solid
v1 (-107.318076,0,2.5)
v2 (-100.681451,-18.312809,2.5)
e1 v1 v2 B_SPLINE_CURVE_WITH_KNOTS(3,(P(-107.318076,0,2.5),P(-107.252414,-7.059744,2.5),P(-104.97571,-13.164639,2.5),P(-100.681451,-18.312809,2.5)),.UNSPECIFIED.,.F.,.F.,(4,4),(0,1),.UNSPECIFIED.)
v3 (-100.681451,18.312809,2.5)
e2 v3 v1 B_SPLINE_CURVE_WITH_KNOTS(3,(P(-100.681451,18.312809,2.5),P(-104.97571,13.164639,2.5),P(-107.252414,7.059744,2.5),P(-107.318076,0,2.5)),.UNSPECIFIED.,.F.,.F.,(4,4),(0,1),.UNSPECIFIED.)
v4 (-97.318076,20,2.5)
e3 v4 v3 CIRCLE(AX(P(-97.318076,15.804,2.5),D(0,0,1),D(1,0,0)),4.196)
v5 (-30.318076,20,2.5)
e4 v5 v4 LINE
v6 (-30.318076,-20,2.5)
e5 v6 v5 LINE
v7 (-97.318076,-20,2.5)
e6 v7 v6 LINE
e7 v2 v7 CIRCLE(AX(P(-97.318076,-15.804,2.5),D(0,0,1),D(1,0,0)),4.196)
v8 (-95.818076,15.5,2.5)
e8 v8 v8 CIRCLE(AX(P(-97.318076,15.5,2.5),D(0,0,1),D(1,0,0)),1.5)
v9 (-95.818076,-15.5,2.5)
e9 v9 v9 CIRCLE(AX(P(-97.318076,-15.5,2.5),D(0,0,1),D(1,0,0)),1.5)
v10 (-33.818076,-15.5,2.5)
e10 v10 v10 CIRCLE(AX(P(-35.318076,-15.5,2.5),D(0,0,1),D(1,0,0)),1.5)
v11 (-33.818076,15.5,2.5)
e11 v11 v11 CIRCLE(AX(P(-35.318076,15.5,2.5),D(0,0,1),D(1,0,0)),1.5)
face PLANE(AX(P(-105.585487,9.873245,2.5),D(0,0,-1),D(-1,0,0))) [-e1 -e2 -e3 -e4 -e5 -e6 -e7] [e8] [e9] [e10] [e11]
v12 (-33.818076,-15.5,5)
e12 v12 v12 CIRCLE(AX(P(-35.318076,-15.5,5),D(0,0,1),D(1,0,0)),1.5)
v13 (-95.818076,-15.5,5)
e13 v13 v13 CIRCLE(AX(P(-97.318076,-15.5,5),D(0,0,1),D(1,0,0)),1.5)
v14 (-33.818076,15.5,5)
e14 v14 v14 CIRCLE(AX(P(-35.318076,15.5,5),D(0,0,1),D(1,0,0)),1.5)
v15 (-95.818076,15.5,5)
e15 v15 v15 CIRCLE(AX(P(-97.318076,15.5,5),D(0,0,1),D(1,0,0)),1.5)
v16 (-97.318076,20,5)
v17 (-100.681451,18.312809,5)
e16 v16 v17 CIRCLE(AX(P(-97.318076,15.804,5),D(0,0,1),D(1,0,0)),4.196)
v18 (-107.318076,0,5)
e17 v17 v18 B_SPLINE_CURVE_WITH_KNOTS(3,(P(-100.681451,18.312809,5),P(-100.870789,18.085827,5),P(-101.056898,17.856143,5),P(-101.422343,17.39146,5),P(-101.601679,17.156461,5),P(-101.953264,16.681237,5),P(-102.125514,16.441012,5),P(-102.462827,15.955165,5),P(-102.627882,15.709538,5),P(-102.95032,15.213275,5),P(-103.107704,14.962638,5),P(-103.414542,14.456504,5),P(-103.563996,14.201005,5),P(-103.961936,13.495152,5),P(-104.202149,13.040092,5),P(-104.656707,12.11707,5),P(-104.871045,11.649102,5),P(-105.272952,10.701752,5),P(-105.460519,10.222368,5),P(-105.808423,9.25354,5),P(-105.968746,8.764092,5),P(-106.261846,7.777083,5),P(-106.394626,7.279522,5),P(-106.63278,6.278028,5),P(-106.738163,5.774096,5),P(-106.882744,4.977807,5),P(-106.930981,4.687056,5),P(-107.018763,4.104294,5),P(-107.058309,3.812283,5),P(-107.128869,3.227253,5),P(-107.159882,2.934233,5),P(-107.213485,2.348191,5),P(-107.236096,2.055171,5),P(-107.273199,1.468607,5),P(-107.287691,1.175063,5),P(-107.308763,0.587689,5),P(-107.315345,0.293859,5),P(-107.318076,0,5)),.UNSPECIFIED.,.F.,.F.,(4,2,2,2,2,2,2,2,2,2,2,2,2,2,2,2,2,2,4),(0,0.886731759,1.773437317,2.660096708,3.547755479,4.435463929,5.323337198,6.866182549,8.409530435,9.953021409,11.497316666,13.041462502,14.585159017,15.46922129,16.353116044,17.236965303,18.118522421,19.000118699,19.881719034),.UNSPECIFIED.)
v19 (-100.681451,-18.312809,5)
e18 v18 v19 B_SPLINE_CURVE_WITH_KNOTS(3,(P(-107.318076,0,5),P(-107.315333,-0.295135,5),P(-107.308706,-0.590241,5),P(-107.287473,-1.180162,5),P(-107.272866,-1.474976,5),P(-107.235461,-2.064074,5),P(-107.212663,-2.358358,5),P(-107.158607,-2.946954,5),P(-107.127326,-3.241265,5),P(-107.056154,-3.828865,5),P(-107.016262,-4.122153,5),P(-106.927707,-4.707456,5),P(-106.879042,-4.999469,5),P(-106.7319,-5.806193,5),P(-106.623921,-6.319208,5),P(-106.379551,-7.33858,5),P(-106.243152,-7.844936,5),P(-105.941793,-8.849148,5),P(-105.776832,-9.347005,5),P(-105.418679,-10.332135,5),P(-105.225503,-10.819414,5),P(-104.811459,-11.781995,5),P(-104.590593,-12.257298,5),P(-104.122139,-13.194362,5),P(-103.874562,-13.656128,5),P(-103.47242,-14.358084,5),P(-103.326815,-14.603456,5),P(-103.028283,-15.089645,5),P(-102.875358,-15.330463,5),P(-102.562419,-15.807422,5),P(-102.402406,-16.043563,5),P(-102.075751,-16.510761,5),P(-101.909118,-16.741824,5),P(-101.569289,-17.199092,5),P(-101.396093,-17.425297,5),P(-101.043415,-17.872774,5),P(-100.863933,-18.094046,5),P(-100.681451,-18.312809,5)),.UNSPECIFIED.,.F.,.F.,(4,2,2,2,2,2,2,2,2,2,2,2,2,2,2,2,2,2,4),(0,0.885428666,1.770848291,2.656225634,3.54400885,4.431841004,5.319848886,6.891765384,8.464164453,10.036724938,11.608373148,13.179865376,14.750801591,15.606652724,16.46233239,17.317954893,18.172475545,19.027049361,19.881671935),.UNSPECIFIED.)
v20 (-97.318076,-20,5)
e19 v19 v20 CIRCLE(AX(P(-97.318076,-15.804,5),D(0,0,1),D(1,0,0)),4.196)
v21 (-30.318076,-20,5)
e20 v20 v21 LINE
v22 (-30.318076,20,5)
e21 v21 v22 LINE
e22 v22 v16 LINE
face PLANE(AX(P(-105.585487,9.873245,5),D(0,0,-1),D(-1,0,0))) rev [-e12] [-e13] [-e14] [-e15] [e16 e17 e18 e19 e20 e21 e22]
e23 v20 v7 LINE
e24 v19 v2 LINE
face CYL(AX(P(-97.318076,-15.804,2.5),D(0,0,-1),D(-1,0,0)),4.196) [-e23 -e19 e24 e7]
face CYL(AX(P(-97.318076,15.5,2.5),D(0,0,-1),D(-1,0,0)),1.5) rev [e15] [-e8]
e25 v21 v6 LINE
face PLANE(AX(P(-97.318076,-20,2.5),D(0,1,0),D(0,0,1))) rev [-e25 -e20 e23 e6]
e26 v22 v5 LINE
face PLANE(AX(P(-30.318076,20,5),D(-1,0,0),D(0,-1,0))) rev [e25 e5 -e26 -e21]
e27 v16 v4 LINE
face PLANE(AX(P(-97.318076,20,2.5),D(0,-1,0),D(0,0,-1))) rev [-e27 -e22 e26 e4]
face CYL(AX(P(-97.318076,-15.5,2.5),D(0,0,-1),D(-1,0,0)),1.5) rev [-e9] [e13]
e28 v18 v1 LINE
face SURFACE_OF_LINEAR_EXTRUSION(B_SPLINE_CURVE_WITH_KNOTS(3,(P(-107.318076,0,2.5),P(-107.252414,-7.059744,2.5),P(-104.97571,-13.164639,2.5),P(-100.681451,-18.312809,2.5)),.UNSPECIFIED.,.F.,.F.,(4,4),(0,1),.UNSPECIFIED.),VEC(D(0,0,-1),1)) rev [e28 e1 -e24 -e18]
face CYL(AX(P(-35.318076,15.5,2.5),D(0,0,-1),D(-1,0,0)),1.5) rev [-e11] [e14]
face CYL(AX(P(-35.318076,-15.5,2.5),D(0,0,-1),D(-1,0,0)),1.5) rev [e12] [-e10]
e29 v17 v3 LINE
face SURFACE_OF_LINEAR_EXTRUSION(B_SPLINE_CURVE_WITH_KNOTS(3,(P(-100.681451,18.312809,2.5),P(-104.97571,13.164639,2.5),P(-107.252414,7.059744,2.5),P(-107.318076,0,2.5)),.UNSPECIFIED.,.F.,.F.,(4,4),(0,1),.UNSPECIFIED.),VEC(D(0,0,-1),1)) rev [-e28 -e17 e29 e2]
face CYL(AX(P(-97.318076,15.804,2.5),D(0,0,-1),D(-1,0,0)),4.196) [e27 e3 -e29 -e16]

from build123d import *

# Parameters (mm, degrees)
CROQUIS1_R              = 2.25
CROQUIS1_R_2            = 3
CROQUIS1_R_3            = 1.5
CROQUIS1_R_4            = 2.249997567
SALIENTE_EXTRUIR1_DEPTH = 2.5
CROQUIS2_R              = 1.5
SALIENTE_EXTRUIR2_DEPTH = 2.5
CORTAR_EXTRUIR3_START   = -2.5
CROQUIS3_W              = 193.648563709
CROQUIS3_H              = 122.889896528
CORTAR_EXTRUIR3_DEPTH   = 2.5


with BuildPart() as part:
    # Croquis1 → Saliente-Extruir1 (new body)
    with BuildSketch(Plane.XY):
        with BuildLine():
            Line((-29.502526327, -44.949972179), (-23.17778065, -37.243838032))
            ThreePointArc((-23.17778065, -37.243838032), (-18.839723212, -32.444384768), (-14.046056443, -28.099933953))
            ThreePointArc((-14.046056443, -28.099933953), (-12.991422185, -27.658257217), (-11.867164621, -27.866527921))
            ThreePointArc((-11.867164621, -27.866527921), (-11.203313373, -28.112469078), (-10.500314, -28.196))
            Line((-10.500314, -28.196), (10.499686, -28.196))
            ThreePointArc((10.499686, -28.196), (11.203007921, -28.112542722), (11.867164264, -27.866528101))
            ThreePointArc((11.867164264, -27.866528101), (12.991422421, -27.658256674), (14.046057406, -28.099933523))
            ThreePointArc((14.046057406, -28.099933523), (18.839775902, -32.444337151), (23.177889012, -37.243749049))
            Line((23.177889012, -37.243749049), (29.502526012, -44.949972049))
            ThreePointArc((29.502526012, -44.949972049), (40.113877497, -46.255199126), (41.931739547, -35.719556022))
            Line((41.931739547, -35.719556022), (21.72923101, -5.566101046))
            ThreePointArc((21.72923101, -5.566101046), (20.036969431, -9.5e-08), (21.729230693, 5.566100954))
            Line((21.729230693, 5.566100954), (41.931739693, 35.719555954))
            ThreePointArc((41.931739693, 35.719555954), (40.113877277, 46.255198335), (29.502526336, 44.949972165))
            Line((29.502526336, 44.949972165), (23.17778065, 37.243838007))
            ThreePointArc((23.17778065, 37.243838007), (18.839723212, 32.444384742), (14.046056443, 28.099933927))
            ThreePointArc((14.046056443, 28.099933927), (12.991421988, 27.658257139), (11.867164252, 27.866528027))
            ThreePointArc((11.867164252, 27.866528027), (11.203313175, 28.112469073), (10.500314, 28.195999974))
            Line((10.500314, 28.195999974), (-10.500314, 28.195999974))
            ThreePointArc((-10.500314, 28.195999974), (-11.203313178, 28.112469098), (-11.867164264, 27.866528075))
            ThreePointArc((-11.867164264, 27.866528075), (-12.991422421, 27.658256648), (-14.046057406, 28.099933497))
            ThreePointArc((-14.046057406, 28.099933497), (-18.839775902, 32.444337126), (-23.177889012, 37.243749023))
            Line((-23.177889012, 37.243749023), (-29.502526012, 44.949972023))
            ThreePointArc((-29.502526012, 44.949972023), (-40.146302424, 46.230987494), (-41.886340556, 35.652554517))
            ThreePointArc((-41.886340556, 35.652554517), (-41.288874902, 25.337679941), (-50.13550001, 20.000000021))
            Line((-50.13550001, 20.000000021), (-97.31807601, 20.000000021))
            ThreePointArc((-97.31807601, 20.000000021), (-99.1994919, 19.554558541), (-100.681450855, 18.312809163))
            add(Edge.make_bspline(
                [(-107.31807554, 2.1e-08), (-107.252414123, 7.059743944), (-104.975710329, 13.164639039), (-100.681450855, 18.312809163)],
                knots=[0, 0, 0, 0, 1, 1, 1, 1], degree=3))
            add(Edge.make_bspline(
                [(-107.31807554, 2.1e-08), (-107.252414123, -7.059743902), (-104.975710329, -13.164638997), (-100.681450855, -18.312809121)],
                knots=[0, 0, 0, 0, 1, 1, 1, 1], degree=3))
            ThreePointArc((-100.681450855, -18.312809121), (-99.19949186, -19.554558345), (-97.31807601, -19.9999997))
            Line((-97.31807601, -19.9999997), (-50.13550001, -19.9999997))
            ThreePointArc((-50.13550001, -19.9999997), (-41.288874902, -25.33767962), (-41.886340556, -35.652554196))
            ThreePointArc((-41.886340556, -35.652554196), (-40.146302646, -46.230987042), (-29.502526327, -44.949972179))
        make_face()
        with Locations((-25.371621, 27.641642)):
            Circle(CROQUIS1_R, mode=Mode.SUBTRACT)
        with Locations((-35.493242035, 40.033284004)):
            Circle(CROQUIS1_R, mode=Mode.SUBTRACT)
        with Locations((-35.49324201, -40.0332837)):
            Circle(CROQUIS1_R, mode=Mode.SUBTRACT)
        with Locations((15.25, -15.25)):
            Circle(CROQUIS1_R_2, mode=Mode.SUBTRACT)
        with Locations((35.493242035, -40.03328403)):
            Circle(CROQUIS1_R, mode=Mode.SUBTRACT)
        with Locations((-15.25, 15.25)):
            Circle(CROQUIS1_R_2, mode=Mode.SUBTRACT)
        with Locations((-25.371621, -27.641642)):
            Circle(CROQUIS1_R, mode=Mode.SUBTRACT)
        with Locations((-35.318076, 15.5)):
            Circle(CROQUIS1_R_3, mode=Mode.SUBTRACT)
        with Locations((25.371621, -27.641642)):
            Circle(CROQUIS1_R, mode=Mode.SUBTRACT)
        with Locations((-15.25, -15.25)):
            Circle(CROQUIS1_R_2, mode=Mode.SUBTRACT)
        with Locations((-97.318076, 15.5)):
            Circle(CROQUIS1_R_3, mode=Mode.SUBTRACT)
        with Locations((15.25, 15.25)):
            Circle(CROQUIS1_R_2, mode=Mode.SUBTRACT)
        with Locations((-35.318076, -15.5)):
            Circle(CROQUIS1_R_3, mode=Mode.SUBTRACT)
        with Locations((25.371621, 27.641642)):
            Circle(CROQUIS1_R, mode=Mode.SUBTRACT)
        with Locations((-97.318076, -15.5)):
            Circle(CROQUIS1_R_3, mode=Mode.SUBTRACT)
        with Locations((35.493241695, 40.03328329)):
            Circle(CROQUIS1_R_4, mode=Mode.SUBTRACT)
        with BuildLine():
            Line((10.499686, -24.196), (-10.500314, -24.196))
            ThreePointArc((-10.500314, -24.196), (-11.500314, -25.196), (-10.500314, -26.196))
            Line((-10.500314, -26.196), (10.499686, -26.196))
            ThreePointArc((10.499686, -26.196), (11.499686, -25.196), (10.499686, -24.196))
        make_face(mode=Mode.SUBTRACT)
        with BuildLine():
            Line((10.499686, 24.196), (-10.500314, 24.196))
            ThreePointArc((-10.500314, 24.196), (-11.500314, 25.196), (-10.500314, 26.196))
            Line((-10.500314, 26.196), (10.499686, 26.196))
            ThreePointArc((10.499686, 26.196), (11.499686, 25.196), (10.499686, 24.196))
        make_face(mode=Mode.SUBTRACT)
        with BuildLine():
            Line((-85.514124, -4.165983), (-47.669779, -4.165983))
            ThreePointArc((-47.669779, -4.165983), (-45.229883846, -6.121043634), (-46.606106368, -8.928419991))
            ThreePointArc((-46.606106368, -8.928419991), (-47.664637652, -9.309528853), (-48.775706549, -9.486329166))
            ThreePointArc((-48.775706549, -9.486329166), (-65.20554454, -10.947799765), (-81.54268179, -13.222314916))
            ThreePointArc((-81.54268179, -13.222314916), (-86.502756567, -11.787005843), (-88.511039815, -7.029984473))
            ThreePointArc((-88.511039815, -7.029984473), (-87.586803958, -4.997112835), (-85.514124, -4.165983))
        make_face(mode=Mode.SUBTRACT)
        with BuildLine():
            Line((-85.514123843, 4.165983), (-47.669779, 4.165983))
            ThreePointArc((-47.669779, 4.165983), (-45.229893438, 6.121044064), (-46.606108087, 8.928416245))
            ThreePointArc((-46.606108087, 8.928416245), (-47.664639263, 9.309527068), (-48.775708446, 9.48632916))
            ThreePointArc((-48.775708446, 9.48632916), (-65.205546063, 10.947798842), (-81.542682989, 13.222313035))
            ThreePointArc((-81.542682989, 13.222313035), (-86.502748912, 11.786999538), (-88.511029539, 7.029984958))
            ThreePointArc((-88.511029539, 7.029984958), (-87.586797502, 4.997116506), (-85.514123843, 4.165983))
        make_face(mode=Mode.SUBTRACT)
    extrude(amount=SALIENTE_EXTRUIR1_DEPTH)

    # Croquis2 → Saliente-Extruir2 (add)
    with BuildSketch(Plane.XY.offset(2.5)):
        with BuildLine():
            Line((-50.13550001, 20.000000021), (-30.318076, 20.000000021))
            Line((-30.318076, 20.000000021), (-30.318076, -19.9999997))
            Line((-30.318076, -19.9999997), (-50.13550001, -19.9999997))
            Line((-50.13550001, -19.9999997), (-97.31807601, -19.9999997))
            ThreePointArc((-97.31807601, -19.9999997), (-99.19949186, -19.554558345), (-100.681450855, -18.312809121))
            add(Edge.make_bspline(
                [(-107.31807554, 2.1e-08), (-107.252414123, -7.059743902), (-104.975710329, -13.164638997), (-100.681450855, -18.312809121)],
                knots=[0, 0, 0, 0, 1, 1, 1, 1], degree=3))
            add(Edge.make_bspline(
                [(-100.681450855, 18.312809163), (-104.975710329, 13.164639039), (-107.252414123, 7.059743944), (-107.31807554, 2.1e-08)],
                knots=[0, 0, 0, 0, 1, 1, 1, 1], degree=3))
            ThreePointArc((-100.681450855, 18.312809163), (-99.1994919, 19.554558541), (-97.31807601, 20.000000021))
            Line((-97.31807601, 20.000000021), (-50.13550001, 20.000000021))
        make_face()
        with Locations((-35.318076, 15.5)):
            Circle(CROQUIS2_R, mode=Mode.SUBTRACT)
        with Locations((-35.318076, -15.5)):
            Circle(CROQUIS2_R, mode=Mode.SUBTRACT)
        with Locations((-97.318076, -15.5)):
            Circle(CROQUIS2_R, mode=Mode.SUBTRACT)
        with Locations((-97.318076, 15.5)):
            Circle(CROQUIS2_R, mode=Mode.SUBTRACT)
    extrude(amount=SALIENTE_EXTRUIR2_DEPTH)

    # Croquis3 → Cortar-Extruir3 (cut)
    with BuildSketch(Plane.XY.offset(2.5).offset(CORTAR_EXTRUIR3_START)):
        with Locations((-31.186912947, -1.649898241)):
            Rectangle(CROQUIS3_W, CROQUIS3_H)
    extrude(amount=CORTAR_EXTRUIR3_DEPTH, mode=Mode.SUBTRACT)


solid = part.part
